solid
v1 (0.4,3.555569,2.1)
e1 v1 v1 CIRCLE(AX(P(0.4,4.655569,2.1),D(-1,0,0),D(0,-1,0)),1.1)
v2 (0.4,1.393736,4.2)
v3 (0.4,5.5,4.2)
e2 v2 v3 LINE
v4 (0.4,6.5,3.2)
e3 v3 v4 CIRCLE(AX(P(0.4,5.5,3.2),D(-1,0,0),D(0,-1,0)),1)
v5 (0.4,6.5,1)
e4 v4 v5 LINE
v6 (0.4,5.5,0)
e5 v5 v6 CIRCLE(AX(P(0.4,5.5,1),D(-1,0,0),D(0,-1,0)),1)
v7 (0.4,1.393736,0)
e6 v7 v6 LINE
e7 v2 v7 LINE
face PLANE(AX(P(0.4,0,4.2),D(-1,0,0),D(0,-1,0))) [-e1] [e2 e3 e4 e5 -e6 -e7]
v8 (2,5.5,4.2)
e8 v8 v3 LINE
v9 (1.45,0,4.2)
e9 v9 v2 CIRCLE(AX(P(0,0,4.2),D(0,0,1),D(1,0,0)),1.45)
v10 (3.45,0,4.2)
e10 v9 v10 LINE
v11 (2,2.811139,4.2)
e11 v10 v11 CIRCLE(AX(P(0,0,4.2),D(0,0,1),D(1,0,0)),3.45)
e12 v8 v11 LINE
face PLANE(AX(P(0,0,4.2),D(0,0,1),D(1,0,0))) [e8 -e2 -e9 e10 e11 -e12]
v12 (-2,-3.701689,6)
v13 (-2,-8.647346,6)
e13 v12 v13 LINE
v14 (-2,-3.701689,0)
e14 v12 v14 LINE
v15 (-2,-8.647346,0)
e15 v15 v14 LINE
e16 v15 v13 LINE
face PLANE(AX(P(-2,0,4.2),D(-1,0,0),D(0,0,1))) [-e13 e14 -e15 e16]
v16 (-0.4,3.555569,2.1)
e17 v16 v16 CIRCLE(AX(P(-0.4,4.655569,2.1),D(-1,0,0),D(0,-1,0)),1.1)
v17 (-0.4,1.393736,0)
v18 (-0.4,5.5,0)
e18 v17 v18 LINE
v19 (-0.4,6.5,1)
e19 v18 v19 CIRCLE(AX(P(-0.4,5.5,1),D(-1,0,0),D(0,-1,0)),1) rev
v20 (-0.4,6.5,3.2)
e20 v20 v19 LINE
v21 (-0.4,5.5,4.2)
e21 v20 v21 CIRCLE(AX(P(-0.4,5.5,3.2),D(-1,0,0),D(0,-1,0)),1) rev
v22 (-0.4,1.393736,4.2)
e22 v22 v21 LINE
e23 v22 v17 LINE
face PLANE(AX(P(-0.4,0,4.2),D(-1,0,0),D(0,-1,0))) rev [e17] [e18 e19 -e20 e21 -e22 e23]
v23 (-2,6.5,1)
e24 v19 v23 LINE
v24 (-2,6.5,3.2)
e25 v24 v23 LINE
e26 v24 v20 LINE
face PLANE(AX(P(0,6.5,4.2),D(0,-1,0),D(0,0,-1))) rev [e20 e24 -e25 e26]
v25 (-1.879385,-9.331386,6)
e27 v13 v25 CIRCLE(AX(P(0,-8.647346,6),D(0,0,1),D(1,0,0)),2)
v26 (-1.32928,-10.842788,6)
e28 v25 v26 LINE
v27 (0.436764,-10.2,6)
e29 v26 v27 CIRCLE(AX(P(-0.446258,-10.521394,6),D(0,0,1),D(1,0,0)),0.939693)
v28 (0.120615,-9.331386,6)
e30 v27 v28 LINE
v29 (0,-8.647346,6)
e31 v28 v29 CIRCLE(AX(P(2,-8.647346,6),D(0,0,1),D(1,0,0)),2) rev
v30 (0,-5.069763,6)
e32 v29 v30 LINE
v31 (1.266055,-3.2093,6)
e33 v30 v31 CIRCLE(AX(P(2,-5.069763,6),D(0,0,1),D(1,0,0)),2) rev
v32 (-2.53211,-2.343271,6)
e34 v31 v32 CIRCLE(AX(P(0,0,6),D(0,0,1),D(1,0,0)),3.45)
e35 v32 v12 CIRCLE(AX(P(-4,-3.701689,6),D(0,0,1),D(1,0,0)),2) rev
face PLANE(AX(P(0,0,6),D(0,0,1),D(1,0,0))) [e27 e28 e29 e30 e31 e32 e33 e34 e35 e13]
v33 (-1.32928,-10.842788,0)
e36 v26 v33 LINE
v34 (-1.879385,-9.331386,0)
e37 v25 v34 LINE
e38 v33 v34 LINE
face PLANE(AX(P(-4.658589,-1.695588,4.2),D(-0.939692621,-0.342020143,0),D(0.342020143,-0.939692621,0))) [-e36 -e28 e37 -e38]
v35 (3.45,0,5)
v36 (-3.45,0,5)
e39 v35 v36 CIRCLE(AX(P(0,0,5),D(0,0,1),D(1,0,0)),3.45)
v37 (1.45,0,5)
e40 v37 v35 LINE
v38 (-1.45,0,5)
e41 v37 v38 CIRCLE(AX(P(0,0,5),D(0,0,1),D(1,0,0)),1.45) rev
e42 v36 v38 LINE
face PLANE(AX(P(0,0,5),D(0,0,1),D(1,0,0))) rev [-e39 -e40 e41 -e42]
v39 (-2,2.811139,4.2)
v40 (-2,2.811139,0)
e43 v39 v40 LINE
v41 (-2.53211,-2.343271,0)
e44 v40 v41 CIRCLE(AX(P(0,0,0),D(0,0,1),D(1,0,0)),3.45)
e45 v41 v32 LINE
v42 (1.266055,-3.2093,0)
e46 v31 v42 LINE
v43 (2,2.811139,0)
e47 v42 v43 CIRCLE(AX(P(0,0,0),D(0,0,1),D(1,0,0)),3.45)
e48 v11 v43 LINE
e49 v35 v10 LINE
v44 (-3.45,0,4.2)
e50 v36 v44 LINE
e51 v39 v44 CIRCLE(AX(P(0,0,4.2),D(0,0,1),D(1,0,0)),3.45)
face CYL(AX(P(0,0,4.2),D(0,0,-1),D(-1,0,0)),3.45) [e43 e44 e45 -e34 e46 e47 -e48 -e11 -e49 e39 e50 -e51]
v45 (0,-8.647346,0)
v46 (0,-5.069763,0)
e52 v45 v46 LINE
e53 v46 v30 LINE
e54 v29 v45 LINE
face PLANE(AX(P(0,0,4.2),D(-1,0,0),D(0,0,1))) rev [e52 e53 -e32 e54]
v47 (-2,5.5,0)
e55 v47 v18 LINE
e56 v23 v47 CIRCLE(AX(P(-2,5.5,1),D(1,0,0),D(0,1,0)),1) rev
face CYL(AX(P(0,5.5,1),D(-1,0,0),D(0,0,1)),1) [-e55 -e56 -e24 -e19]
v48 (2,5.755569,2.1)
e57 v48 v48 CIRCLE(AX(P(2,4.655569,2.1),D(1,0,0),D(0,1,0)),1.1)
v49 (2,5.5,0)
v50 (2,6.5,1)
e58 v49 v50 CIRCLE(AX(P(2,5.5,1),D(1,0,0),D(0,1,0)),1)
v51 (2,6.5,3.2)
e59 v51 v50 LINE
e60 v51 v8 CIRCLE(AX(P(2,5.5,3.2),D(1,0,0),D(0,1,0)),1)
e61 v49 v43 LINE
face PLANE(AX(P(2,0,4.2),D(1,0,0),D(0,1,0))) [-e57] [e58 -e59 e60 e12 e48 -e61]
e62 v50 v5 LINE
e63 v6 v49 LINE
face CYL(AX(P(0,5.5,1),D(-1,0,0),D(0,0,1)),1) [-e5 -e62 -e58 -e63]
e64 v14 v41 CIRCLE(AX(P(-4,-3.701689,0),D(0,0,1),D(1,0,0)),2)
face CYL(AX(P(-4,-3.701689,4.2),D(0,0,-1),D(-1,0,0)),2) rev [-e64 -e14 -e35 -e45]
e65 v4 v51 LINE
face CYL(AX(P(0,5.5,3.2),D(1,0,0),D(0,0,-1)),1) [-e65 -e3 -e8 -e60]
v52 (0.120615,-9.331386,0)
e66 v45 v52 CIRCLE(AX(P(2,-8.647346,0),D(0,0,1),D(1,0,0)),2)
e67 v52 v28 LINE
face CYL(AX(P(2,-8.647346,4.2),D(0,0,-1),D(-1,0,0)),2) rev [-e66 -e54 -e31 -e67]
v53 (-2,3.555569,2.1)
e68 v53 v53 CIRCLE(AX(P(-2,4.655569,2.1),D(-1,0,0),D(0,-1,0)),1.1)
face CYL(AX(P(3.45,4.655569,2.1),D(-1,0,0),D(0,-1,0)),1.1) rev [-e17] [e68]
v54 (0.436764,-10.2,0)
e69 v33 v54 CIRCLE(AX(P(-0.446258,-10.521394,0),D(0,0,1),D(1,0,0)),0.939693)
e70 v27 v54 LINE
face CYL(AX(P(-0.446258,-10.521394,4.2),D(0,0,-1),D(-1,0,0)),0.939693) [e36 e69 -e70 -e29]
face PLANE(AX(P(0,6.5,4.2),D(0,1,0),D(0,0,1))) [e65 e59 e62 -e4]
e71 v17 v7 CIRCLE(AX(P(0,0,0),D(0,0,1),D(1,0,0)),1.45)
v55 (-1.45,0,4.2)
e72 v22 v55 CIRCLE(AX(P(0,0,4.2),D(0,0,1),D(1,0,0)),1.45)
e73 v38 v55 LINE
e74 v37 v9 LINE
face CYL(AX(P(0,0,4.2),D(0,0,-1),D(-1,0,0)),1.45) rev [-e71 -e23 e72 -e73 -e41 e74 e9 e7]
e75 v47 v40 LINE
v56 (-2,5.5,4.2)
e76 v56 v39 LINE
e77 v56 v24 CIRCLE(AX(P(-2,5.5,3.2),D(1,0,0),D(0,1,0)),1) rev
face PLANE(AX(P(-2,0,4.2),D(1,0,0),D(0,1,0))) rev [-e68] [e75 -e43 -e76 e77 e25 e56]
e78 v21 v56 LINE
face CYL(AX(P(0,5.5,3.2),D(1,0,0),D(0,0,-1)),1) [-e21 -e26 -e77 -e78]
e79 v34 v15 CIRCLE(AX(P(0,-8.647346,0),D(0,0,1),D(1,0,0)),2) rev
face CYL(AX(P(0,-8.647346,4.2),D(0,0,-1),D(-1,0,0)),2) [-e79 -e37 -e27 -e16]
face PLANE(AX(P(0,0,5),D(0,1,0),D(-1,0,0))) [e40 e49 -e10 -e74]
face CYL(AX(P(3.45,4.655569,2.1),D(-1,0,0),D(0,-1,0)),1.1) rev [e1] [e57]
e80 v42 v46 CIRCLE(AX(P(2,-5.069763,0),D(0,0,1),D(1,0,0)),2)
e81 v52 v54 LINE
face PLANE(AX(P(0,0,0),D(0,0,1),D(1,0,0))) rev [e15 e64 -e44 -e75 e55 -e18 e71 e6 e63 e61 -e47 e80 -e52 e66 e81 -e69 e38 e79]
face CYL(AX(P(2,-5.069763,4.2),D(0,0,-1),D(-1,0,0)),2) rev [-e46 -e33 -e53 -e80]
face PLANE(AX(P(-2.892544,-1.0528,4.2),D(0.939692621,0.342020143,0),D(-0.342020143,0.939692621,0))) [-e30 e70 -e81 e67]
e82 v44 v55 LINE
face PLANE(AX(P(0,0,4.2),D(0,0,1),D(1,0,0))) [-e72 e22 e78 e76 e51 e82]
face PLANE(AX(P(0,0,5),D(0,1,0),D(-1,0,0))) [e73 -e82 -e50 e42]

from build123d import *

# Parameters (mm, degrees)
BOSS_EXTRUDE1_DEPTH = 4.2
SKETCH2_R           = 1.1
CUT_EXTRUDE1_DEPTH  = 14.367834606
FILLET1_R           = 1
BOSS_EXTRUDE2_DEPTH = 0.8
BOSS_EXTRUDE3_DEPTH = 1
FILLET2_R           = 2


with BuildPart() as part:
    # Sketch1 → Boss-Extrude1 (new body)
    with BuildSketch(Plane.XY):
        with BuildLine():
            Line((0, -9), (0, -3.45))
            ThreePointArc((0, -3.45), (3.286405942, -1.049779017), (2, 2.811138559))
            Line((2, 2.811138559), (2, 6.5))
            Line((2, 6.5), (0.4, 6.5))
            Line((0.4, 6.5), (0.4, 1.393735986))
            ThreePointArc((0.4, 1.393735986), (0, -1.45), (-0.4, 1.393735986))
            Line((-0.4, 1.393735986), (-0.4, 6.5))
            Line((-0.4, 6.5), (-2, 6.5))
            Line((-2, 6.5), (-2, 2.811138559))
            ThreePointArc((-2, 2.811138559), (-3.45, 0), (-2, -2.811138559))
            Line((-2, -2.811138559), (-2, -9))
            Line((-2, -9), (-1.329280162, -10.84278761))
            ThreePointArc((-1.329280162, -10.84278761), (-0.124864136, -11.404416026), (0.436764281, -10.2))
            Line((0.436764281, -10.2), (0, -9))
        make_face()
    extrude(amount=BOSS_EXTRUDE1_DEPTH)

    # Sketch2 → Cut-Extrude1 (cut, through all)
    with BuildSketch(Plane.ZY.offset(2)):
        with Locations(Location((2.1, 4.65556928, 0), (0, 0, 270))):
            Circle(SKETCH2_R)
    extrude(amount=-CUT_EXTRUDE1_DEPTH, mode=Mode.SUBTRACT)

    # Fillet1
    fillet1_edges = [part.edges().sort_by_distance(p)[0] for p in [
        (-1.2, 6.5, 0),
        (1.2, 6.5, 0),
        (1.2, 6.5, 4.2),
        (-1.2, 6.5, 4.2),
    ]]
    fillet(fillet1_edges, radius=FILLET1_R)

    # Sketch3 → Boss-Extrude2 (add)
    with BuildSketch(Plane.XY.offset(4.2)):
        with BuildLine():
            Line((-1.45, 0), (-3.45, 0))
            ThreePointArc((-3.45, 0), (-3.066145789, -1.581534065), (-2, -2.811138559))
            Line((-2, -2.811138559), (-2, -9))
            Line((-2, -9), (-1.329280162, -10.84278761))
            ThreePointArc((-1.329280162, -10.84278761), (-0.124864136, -11.404416026), (0.436764281, -10.2))
            Line((0.436764281, -10.2), (0, -9))
            Line((0, -9), (0, -3.45))
            ThreePointArc((0, -3.45), (2.439518395, -2.439518395), (3.45, 0))
            Line((3.45, 0), (1.45, 0))
            ThreePointArc((1.45, 0), (0, -1.45), (-1.45, 0))
        make_face()
    extrude(amount=BOSS_EXTRUDE2_DEPTH)

    # Sketch4 → Boss-Extrude3 (add)
    with BuildSketch(Plane.XY.offset(5)):
        with BuildLine():
            ThreePointArc((1.45, 0), (1.158123482, 0.872496418), (0.4, 1.393735986))
            ThreePointArc((0.4, 1.393735986), (-0.872496418, 1.158123482), (-1.45, 0))
            ThreePointArc((-1.45, 0), (0, -1.45), (1.45, 0))
        make_face()
        with BuildLine():
            ThreePointArc((3.45, 0), (3.066145789, 1.581534065), (2, 2.811138559))
            ThreePointArc((2, 2.811138559), (-1.581534065, 3.066145789), (-3.45, 0))
            Line((-3.45, 0), (-1.45, 0))
            ThreePointArc((-1.45, 0), (-0.872496418, 1.158123482), (0.4, 1.393735986))
            ThreePointArc((0.4, 1.393735986), (1.158123482, 0.872496418), (1.45, 0))
            Line((1.45, 0), (3.45, 0))
        make_face()
        with BuildLine():
            ThreePointArc((0, -3.45), (2.439518395, -2.439518395), (3.45, 0))
            Line((3.45, 0), (1.45, 0))
            ThreePointArc((1.45, 0), (0, -1.45), (-1.45, 0))
            Line((-1.45, 0), (-3.45, 0))
            ThreePointArc((-3.45, 0), (-3.066145789, -1.581534065), (-2, -2.811138559))
            Line((-2, -2.811138559), (-2, -9))
            Line((-2, -9), (-1.329280162, -10.84278761))
            ThreePointArc((-1.329280162, -10.84278761), (-0.124864136, -11.404416026), (0.436764281, -10.2))
            Line((0.436764281, -10.2), (0, -9))
            Line((0, -9), (0, -3.45))
        make_face()
    extrude(amount=BOSS_EXTRUDE3_DEPTH)

    # Fillet2
    fillet2_edges = [part.edges().sort_by_distance(p)[0] for p in [
        (0, -3.45, 3),
        (0, -9, 3),
        (-2, -9, 3),
        (-2, -2.811138559, 3),
    ]]
    fillet(fillet2_edges, radius=FILLET2_R)


solid = part.part
